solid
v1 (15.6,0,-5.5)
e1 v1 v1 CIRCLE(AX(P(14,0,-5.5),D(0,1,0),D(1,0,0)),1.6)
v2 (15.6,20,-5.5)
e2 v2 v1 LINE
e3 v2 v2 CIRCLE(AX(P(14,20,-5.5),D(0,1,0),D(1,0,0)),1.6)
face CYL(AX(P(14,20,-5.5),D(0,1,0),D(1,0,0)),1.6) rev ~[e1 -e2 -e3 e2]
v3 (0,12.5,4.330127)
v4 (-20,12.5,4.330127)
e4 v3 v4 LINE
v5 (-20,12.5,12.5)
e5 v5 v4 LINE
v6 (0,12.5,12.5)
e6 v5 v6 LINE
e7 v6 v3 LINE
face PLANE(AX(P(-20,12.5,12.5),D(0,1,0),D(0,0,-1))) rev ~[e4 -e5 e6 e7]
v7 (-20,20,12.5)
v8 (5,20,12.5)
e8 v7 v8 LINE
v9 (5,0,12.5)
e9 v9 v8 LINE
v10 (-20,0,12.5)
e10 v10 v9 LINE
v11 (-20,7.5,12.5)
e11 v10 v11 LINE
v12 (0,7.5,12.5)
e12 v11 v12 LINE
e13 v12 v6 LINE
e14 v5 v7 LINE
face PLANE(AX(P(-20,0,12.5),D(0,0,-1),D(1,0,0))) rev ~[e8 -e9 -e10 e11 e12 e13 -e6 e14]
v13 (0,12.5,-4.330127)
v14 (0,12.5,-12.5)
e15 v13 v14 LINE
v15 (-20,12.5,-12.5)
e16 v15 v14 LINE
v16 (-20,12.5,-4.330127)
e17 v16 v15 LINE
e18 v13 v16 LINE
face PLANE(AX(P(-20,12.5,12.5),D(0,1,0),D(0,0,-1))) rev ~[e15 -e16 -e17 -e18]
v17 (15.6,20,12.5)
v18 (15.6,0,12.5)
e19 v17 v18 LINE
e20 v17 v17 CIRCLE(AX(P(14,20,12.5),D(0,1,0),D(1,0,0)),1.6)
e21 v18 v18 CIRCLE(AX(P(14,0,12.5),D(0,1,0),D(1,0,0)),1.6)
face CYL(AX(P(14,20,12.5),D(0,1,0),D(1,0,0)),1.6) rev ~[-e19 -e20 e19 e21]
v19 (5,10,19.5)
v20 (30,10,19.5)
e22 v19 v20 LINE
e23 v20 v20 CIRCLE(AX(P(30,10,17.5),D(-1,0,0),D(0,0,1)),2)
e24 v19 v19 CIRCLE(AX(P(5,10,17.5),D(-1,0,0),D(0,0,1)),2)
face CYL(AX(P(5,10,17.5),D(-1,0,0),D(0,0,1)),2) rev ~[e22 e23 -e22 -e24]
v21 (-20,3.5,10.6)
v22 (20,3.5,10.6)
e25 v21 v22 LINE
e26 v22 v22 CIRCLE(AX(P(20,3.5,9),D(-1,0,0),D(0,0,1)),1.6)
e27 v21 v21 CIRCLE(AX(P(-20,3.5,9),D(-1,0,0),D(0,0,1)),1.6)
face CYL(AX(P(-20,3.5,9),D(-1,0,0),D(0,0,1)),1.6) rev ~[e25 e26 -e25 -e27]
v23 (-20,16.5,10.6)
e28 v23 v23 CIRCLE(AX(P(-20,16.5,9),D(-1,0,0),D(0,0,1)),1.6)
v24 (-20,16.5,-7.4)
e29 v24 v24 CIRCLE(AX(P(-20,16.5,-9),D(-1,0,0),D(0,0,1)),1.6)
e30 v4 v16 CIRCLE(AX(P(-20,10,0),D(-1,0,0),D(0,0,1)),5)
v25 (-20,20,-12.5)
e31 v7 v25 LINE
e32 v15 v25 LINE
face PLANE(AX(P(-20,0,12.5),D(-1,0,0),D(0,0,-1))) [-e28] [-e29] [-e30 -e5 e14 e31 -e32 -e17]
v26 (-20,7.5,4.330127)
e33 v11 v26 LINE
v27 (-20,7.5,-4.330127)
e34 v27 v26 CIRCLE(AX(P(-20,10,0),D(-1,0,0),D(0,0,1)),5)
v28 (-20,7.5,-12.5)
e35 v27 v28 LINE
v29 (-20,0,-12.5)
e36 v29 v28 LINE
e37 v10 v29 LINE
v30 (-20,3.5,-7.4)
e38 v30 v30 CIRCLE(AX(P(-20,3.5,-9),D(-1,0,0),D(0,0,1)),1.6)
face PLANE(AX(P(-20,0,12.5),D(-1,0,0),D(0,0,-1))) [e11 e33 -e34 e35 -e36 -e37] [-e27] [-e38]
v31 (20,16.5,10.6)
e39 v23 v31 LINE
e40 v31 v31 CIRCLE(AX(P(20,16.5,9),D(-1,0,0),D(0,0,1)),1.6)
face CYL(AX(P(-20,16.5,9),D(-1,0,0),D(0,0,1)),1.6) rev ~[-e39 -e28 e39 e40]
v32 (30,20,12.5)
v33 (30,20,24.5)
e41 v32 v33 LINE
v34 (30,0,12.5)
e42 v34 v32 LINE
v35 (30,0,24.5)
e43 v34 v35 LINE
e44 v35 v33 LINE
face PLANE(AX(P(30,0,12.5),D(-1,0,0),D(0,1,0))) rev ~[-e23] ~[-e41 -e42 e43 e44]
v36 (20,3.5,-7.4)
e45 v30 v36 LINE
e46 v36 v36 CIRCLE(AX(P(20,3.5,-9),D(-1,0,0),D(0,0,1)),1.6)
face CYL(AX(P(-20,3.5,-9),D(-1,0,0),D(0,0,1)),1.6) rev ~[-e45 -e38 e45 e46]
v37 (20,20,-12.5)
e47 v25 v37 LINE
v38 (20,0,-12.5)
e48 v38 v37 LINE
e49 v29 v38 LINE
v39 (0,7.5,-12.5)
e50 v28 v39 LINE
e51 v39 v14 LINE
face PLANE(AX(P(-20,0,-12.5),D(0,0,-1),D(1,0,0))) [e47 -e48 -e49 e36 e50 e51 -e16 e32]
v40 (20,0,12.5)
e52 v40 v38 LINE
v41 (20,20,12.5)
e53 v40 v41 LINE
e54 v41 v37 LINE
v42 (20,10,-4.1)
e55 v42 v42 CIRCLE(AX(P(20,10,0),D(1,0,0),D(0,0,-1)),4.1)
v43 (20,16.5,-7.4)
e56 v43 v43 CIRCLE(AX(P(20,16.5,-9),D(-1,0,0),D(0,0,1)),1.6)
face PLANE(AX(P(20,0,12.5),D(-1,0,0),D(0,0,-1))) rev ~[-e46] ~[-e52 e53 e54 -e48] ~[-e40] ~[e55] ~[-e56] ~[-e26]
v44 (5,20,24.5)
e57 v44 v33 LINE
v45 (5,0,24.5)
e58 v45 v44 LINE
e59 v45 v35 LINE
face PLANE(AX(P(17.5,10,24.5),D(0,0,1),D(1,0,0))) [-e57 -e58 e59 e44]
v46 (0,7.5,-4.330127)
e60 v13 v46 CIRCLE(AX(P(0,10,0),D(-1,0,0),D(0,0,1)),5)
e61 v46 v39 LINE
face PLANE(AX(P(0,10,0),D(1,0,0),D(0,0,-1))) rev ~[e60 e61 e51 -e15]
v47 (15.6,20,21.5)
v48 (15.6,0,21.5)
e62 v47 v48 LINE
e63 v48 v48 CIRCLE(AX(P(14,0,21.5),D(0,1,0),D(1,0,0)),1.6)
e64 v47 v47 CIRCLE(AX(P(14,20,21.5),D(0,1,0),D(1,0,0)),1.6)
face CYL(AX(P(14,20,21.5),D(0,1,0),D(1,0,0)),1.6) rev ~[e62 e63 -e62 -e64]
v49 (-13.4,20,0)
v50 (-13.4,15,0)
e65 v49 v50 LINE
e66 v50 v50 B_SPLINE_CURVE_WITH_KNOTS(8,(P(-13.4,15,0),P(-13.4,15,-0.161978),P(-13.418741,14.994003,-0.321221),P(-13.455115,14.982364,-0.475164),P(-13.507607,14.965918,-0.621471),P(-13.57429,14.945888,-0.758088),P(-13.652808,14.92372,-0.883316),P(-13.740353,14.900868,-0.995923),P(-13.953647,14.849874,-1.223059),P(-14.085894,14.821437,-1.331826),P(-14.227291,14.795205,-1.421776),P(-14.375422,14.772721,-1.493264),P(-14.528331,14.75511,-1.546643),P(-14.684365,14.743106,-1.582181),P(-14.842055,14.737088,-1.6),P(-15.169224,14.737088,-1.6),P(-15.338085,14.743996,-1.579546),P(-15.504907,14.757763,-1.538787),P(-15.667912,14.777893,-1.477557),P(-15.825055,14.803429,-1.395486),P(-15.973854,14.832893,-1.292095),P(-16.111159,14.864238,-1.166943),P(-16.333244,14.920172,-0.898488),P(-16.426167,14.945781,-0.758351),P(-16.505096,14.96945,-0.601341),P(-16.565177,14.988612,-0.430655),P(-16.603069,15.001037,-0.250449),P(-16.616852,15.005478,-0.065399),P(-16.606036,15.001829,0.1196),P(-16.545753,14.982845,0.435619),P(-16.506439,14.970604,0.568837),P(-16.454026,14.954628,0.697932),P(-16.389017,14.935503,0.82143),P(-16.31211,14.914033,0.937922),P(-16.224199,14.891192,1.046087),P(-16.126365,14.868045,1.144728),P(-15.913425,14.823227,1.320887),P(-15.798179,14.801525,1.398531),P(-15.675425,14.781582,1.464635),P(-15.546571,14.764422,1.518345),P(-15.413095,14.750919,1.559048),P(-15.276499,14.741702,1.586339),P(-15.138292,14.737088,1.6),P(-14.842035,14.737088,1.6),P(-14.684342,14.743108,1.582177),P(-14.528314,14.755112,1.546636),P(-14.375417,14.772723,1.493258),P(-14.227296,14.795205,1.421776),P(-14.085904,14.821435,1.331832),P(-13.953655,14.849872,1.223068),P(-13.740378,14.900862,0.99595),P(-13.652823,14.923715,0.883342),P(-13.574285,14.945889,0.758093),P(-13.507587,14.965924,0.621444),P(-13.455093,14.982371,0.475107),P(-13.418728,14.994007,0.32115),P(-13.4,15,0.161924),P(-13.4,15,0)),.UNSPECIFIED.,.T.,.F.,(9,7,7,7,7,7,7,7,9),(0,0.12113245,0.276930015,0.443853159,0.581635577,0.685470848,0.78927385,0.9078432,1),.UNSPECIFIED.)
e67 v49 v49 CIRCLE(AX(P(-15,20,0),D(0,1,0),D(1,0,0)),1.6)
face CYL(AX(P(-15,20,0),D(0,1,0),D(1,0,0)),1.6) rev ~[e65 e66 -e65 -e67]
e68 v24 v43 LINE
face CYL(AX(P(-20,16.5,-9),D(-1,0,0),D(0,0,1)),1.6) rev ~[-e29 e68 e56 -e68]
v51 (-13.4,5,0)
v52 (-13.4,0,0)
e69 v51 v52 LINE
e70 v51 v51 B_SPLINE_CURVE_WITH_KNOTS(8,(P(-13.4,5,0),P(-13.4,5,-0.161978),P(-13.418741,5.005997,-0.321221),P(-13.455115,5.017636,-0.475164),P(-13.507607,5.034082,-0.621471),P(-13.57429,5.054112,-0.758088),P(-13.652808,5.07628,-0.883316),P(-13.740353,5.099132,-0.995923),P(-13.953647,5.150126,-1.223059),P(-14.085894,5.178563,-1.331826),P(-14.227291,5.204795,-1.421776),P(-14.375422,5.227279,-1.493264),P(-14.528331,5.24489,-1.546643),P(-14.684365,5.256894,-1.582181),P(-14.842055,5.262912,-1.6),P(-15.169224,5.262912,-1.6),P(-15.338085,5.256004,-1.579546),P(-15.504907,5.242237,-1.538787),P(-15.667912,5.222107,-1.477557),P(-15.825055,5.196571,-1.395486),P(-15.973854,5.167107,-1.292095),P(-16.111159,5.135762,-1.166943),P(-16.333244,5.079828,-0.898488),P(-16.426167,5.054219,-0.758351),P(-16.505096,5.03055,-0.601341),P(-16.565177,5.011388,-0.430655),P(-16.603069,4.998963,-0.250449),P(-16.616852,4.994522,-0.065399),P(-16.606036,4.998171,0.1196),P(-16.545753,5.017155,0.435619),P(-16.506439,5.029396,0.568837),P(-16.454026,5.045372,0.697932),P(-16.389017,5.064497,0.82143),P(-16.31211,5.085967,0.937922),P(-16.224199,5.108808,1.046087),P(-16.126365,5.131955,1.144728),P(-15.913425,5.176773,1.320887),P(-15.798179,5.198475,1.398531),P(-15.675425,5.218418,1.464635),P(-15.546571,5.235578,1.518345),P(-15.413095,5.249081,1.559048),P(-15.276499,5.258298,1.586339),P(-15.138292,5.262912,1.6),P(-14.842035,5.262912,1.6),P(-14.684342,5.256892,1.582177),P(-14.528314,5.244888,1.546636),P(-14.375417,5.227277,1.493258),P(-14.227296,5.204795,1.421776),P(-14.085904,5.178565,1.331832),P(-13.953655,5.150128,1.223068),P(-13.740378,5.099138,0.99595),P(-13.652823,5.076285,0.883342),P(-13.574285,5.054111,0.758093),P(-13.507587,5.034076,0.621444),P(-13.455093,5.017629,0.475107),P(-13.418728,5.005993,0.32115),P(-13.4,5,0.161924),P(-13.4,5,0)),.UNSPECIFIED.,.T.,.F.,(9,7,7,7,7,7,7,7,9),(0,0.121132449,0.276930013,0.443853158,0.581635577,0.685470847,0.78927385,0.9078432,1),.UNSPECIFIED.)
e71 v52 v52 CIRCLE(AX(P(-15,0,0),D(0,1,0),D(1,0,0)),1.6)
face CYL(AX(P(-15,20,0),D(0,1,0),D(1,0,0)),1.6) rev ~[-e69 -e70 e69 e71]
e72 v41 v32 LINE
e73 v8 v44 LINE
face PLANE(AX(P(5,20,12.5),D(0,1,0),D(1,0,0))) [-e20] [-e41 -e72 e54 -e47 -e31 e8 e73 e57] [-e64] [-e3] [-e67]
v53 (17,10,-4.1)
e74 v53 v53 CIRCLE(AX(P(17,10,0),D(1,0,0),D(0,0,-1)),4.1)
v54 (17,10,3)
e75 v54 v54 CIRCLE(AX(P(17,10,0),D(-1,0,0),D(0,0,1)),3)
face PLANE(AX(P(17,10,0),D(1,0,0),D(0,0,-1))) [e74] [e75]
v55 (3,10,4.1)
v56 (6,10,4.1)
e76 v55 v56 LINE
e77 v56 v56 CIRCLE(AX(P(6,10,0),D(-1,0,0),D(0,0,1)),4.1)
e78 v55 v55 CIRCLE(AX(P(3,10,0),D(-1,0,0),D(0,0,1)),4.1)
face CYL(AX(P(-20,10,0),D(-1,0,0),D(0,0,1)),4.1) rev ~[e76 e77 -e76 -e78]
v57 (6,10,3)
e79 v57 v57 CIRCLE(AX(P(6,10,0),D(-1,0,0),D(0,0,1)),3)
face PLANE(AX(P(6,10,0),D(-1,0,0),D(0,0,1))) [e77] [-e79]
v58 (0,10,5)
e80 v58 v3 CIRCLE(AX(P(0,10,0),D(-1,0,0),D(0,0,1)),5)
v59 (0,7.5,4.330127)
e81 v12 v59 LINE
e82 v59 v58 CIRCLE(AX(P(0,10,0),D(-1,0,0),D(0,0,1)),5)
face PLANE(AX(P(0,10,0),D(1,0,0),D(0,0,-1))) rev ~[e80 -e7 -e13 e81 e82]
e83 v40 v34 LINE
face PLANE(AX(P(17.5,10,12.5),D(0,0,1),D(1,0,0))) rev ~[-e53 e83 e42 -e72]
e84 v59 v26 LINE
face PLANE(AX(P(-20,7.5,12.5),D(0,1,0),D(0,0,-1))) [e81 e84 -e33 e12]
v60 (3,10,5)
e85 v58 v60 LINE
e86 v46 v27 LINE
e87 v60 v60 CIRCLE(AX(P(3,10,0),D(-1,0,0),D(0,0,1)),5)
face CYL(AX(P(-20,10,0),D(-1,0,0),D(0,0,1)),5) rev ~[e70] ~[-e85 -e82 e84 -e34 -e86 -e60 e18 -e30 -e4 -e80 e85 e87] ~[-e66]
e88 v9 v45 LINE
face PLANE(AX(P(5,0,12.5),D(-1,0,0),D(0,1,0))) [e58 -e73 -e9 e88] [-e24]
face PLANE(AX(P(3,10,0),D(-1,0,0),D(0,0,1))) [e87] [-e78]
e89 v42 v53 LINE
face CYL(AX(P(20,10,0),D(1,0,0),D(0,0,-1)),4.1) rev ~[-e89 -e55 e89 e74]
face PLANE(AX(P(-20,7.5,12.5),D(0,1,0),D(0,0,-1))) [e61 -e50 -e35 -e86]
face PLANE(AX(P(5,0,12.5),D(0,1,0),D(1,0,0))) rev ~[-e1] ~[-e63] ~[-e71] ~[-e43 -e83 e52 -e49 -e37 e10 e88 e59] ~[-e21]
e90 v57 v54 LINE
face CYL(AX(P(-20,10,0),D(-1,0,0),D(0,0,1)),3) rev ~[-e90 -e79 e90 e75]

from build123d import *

# Parameters (mm, degrees)
SKETCH_1_W          = 40
SKETCH_1_H          = 25
EXTRUDE_1_DEPTH     = 20
SKETCH_3_R          = 3
CUT_EXTRUDE_2_DEPTH = 41
SKETCH_2_R          = 4.1
CUT_EXTRUDE_1_DEPTH = 26
SKETCH_4_W          = 25
SKETCH_4_H          = 5
CUT_EXTRUDE_3_DEPTH = 20
SKETCH_5_R          = 4.1
CUT_EXTRUDE_4_DEPTH = 3
SKETCH_6_R          = 1.6
CUT_EXTRUDE_5_DEPTH = 21
SKETCH_7_R          = 1.6
CUT_EXTRUDE_6_DEPTH = 41
SKETCH_8_W          = 25
SKETCH_8_H          = 20
EXTRUDE_2_DEPTH     = 12
SKETCH_9_R          = 1.6
CUT_EXTRUDE_7_DEPTH = 21.0000001
SKETCH_10_R         = 2
CUT_EXTRUDE_8_DEPTH = 26
SKETCH_12_R         = 5
CUT_EXTRUDE_9_DEPTH = 23


with BuildPart() as part:
    # Эскиз1 → Бобышка-Вытянуть1 (new body)
    with BuildSketch(Plane(origin=(0, 0, 0), x_dir=(1, 0, 0), z_dir=(0, 1, 0))):
        Rectangle(SKETCH_1_W, SKETCH_1_H)
    extrude(amount=EXTRUDE_1_DEPTH)

    # Эскиз3 → Вырез-Вытянуть2 (cut, through all)
    with BuildSketch(Plane.ZY.offset(20)):
        with Locations((0, 10)):
            Circle(SKETCH_3_R)
    extrude(amount=-CUT_EXTRUDE_2_DEPTH, mode=Mode.SUBTRACT)

    # Эскиз2 → Вырез-Вытянуть1 (cut)
    with BuildSketch(Plane.ZY.offset(20)):
        with Locations((0, 10)):
            Circle(SKETCH_2_R)
    extrude(amount=-CUT_EXTRUDE_1_DEPTH, mode=Mode.SUBTRACT)

    # Эскиз4 → Вырез-Вытянуть3 (cut)
    with BuildSketch(Plane(origin=(-20, 0, 0), x_dir=(0, 0, -1), z_dir=(1, 0, 0))):
        with Locations((0, 10)):
            Rectangle(SKETCH_4_W, SKETCH_4_H)
    extrude(amount=CUT_EXTRUDE_3_DEPTH, mode=Mode.SUBTRACT)

    # Эскиз5 → Вырез-Вытянуть4 (cut)
    with BuildSketch(Plane(origin=(20, 0, 0), x_dir=(0, 0, -1), z_dir=(1, 0, 0))):
        with Locations((0, 10)):
            Circle(SKETCH_5_R)
    extrude(amount=-CUT_EXTRUDE_4_DEPTH, mode=Mode.SUBTRACT)

    # Эскиз6 → Вырез-Вытянуть5 (cut, through all)
    with BuildSketch(Plane(origin=(0, 20, 0), x_dir=(1, 0, 0), z_dir=(0, 1, 0))):
        with Locations((-15, 0)):
            Circle(SKETCH_6_R)
    extrude(amount=-CUT_EXTRUDE_5_DEPTH, mode=Mode.SUBTRACT)

    # Эскиз7 → Вырез-Вытянуть6 (cut, through all)
    with BuildSketch(Plane.ZY.offset(20)):
        with Locations((-9, 16.5)):
            Circle(SKETCH_7_R)
        with Locations((9, 16.5)):
            Circle(SKETCH_7_R)
        with Locations((-9, 3.5)):
            Circle(SKETCH_7_R)
        with Locations((9, 3.5)):
            Circle(SKETCH_7_R)
    extrude(amount=-CUT_EXTRUDE_6_DEPTH, mode=Mode.SUBTRACT)

    # Эскиз8 → Бобышка-Вытянуть2 (add)
    with BuildSketch(Plane.XY.offset(12.5)):
        with Locations((17.5, 10)):
            Rectangle(SKETCH_8_W, SKETCH_8_H)
    extrude(amount=EXTRUDE_2_DEPTH)

    # Эскиз9 → Вырез-Вытянуть7 (cut, through all)
    with BuildSketch(Plane(origin=(0, 20, 0), x_dir=(1, 0, 0), z_dir=(0, 1, 0))):
        with Locations((14, -21.5)):
            Circle(SKETCH_9_R)
        with Locations((14, 5.5)):
            Circle(SKETCH_9_R)
        with Locations((14, -12.5)):
            Circle(SKETCH_9_R)
    extrude(amount=-CUT_EXTRUDE_7_DEPTH, mode=Mode.SUBTRACT)

    # Эскиз10 → Вырез-Вытянуть8 (cut, through all)
    with BuildSketch(Plane.ZY.offset(-5)):
        with Locations((17.5, 10)):
            Circle(SKETCH_10_R)
    extrude(amount=-CUT_EXTRUDE_8_DEPTH, mode=Mode.SUBTRACT)

    # Эскиз12 → Вырез-Вытянуть9 (cut)
    with BuildSketch(Plane.ZY.offset(20)):
        with Locations((0, 10)):
            Circle(SKETCH_12_R)
    extrude(amount=-CUT_EXTRUDE_9_DEPTH, mode=Mode.SUBTRACT)


solid = part.part
